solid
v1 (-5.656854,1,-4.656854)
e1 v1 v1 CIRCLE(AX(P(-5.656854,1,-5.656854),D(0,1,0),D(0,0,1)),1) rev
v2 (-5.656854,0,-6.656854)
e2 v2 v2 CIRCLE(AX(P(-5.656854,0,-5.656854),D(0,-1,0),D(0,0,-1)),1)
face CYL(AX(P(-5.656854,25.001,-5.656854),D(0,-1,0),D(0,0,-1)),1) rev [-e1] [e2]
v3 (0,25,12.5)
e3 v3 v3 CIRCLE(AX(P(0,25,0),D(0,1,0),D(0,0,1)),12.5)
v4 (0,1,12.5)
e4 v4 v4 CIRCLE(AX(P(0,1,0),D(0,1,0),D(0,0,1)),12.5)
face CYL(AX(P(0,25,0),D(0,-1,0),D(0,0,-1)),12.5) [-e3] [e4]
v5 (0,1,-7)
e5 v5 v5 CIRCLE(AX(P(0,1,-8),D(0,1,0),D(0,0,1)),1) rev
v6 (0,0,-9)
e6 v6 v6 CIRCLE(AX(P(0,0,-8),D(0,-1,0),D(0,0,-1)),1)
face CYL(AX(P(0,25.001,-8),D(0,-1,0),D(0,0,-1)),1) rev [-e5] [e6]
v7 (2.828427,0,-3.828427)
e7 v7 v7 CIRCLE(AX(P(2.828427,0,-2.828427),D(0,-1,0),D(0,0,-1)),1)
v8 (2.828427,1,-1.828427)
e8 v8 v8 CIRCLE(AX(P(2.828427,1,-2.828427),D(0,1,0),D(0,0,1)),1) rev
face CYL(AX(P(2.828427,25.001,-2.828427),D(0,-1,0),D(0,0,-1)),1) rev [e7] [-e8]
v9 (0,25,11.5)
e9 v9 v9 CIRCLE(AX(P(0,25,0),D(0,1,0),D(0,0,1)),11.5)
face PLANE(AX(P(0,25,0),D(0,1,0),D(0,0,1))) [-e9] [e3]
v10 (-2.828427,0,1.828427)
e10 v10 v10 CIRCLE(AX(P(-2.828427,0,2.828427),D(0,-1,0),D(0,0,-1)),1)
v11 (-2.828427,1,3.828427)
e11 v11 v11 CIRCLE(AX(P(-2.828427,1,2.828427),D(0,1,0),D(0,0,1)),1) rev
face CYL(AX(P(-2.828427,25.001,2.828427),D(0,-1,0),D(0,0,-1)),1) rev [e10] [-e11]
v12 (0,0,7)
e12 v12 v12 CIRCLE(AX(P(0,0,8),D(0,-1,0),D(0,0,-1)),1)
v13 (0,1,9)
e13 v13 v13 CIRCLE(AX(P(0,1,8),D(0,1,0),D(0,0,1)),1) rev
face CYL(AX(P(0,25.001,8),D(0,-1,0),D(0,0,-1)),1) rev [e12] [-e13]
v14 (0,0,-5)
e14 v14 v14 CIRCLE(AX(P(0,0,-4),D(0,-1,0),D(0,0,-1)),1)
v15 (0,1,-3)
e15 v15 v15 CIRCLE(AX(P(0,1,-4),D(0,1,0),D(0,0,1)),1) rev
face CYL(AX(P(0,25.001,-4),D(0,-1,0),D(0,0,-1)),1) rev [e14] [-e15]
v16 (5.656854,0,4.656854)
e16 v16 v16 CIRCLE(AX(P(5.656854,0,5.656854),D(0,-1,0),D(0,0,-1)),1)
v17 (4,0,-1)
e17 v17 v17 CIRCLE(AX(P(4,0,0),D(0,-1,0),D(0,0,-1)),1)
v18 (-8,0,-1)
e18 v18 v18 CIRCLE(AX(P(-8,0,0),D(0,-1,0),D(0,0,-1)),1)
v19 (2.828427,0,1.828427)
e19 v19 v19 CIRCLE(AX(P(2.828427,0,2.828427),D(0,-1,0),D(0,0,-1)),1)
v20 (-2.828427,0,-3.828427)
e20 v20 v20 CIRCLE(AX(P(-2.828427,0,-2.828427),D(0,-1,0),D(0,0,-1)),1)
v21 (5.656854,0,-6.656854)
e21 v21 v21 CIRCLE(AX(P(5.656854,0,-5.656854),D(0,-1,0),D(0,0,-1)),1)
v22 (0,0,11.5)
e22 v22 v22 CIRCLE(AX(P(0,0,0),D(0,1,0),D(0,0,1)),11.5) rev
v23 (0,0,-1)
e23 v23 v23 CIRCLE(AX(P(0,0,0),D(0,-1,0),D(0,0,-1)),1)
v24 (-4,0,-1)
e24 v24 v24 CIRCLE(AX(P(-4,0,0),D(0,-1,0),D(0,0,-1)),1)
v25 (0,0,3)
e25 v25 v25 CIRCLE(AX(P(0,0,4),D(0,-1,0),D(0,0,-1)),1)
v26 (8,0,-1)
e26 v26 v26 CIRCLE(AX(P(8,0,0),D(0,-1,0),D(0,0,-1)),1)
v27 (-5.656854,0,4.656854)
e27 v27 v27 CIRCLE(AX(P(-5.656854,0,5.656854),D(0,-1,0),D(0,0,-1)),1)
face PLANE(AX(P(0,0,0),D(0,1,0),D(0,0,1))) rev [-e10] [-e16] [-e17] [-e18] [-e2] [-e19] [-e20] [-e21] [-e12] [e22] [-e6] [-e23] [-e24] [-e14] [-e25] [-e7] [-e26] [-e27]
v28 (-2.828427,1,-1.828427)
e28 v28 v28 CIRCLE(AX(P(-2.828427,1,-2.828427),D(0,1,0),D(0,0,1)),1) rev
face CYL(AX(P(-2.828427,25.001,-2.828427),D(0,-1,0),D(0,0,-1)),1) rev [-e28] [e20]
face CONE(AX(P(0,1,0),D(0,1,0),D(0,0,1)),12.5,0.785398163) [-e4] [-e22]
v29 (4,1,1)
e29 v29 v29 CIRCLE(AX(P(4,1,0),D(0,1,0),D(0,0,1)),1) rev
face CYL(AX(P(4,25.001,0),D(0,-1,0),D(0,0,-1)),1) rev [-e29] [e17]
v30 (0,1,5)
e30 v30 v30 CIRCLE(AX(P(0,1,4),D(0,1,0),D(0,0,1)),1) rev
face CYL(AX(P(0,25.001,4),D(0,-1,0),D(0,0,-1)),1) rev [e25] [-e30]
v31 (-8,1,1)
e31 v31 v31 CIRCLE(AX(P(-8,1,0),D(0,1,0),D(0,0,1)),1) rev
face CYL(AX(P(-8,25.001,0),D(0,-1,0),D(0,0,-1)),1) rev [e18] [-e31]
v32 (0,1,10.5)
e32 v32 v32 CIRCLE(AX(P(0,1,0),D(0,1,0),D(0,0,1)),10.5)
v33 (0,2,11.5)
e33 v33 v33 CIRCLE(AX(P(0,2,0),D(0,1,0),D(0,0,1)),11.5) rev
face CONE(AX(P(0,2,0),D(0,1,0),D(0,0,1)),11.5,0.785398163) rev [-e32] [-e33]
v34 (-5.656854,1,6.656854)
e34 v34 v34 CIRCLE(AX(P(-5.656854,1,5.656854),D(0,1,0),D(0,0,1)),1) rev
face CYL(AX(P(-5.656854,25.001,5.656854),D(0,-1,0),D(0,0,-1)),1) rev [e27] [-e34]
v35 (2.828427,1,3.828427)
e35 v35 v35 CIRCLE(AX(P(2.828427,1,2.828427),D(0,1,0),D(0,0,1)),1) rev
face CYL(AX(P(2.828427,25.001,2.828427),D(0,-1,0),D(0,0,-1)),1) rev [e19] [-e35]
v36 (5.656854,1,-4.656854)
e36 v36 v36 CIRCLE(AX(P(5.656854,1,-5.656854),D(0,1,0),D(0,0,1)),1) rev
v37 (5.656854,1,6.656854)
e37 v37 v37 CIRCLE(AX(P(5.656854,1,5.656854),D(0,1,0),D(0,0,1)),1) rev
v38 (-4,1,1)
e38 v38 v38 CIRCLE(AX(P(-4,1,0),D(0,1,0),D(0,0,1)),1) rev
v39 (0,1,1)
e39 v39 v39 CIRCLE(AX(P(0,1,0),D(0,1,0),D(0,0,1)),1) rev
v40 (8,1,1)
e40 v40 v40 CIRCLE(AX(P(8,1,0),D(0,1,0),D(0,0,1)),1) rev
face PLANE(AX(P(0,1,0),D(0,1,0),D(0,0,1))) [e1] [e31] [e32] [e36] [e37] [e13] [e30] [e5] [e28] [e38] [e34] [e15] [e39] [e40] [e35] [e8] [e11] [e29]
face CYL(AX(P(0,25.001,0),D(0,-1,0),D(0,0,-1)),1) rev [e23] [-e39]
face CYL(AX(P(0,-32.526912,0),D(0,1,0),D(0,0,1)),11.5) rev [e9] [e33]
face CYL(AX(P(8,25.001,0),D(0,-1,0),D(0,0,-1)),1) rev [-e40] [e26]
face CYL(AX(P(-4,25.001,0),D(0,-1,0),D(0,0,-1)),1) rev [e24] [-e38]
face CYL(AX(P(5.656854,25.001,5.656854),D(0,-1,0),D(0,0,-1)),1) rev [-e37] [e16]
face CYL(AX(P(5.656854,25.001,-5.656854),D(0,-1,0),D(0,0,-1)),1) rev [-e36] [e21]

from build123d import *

# Parameters (mm, degrees)
SKETCH1_R           = 12.5
BOSS_EXTRUDE1_DEPTH = 25
SKETCH2_R           = 11.5
CUT_EXTRUDE1_DEPTH  = 24
CUT_EXTRUDE2_REACH  = 32.619
SKETCH3_R           = 1
CHAMFER1_SIZE       = 1


with BuildPart() as part:
    # Sketch1 → Boss-Extrude1 (new body)
    with BuildSketch(Plane(origin=(0, 0, 0), x_dir=(1, 0, 0), z_dir=(0, 1, 0))):
        with Locations(Location((0, 0, 0), (0, 0, 270))):
            Circle(SKETCH1_R)
    extrude(amount=BOSS_EXTRUDE1_DEPTH)

    # Sketch2 → Cut-Extrude1 (cut)
    with BuildSketch(Plane(origin=(0, 25, 0), x_dir=(1, 0, 0), z_dir=(0, 1, 0))):
        with Locations(Location((0, 0, 0), (0, 0, 270))):
            Circle(SKETCH2_R)
    extrude(amount=-CUT_EXTRUDE1_DEPTH, mode=Mode.SUBTRACT)

    # Sketch3 → Cut-Extrude2 (cut, up to next)
    with BuildSketch(Plane.XZ, mode=Mode.PRIVATE) as cut_extrude2_sk1:
        with Locations(Location((0, 0, 0), (0, 0, 270))):
            Circle(SKETCH3_R)
    cut_extrude2_tool1 = extrude(cut_extrude2_sk1.sketch, amount=-CUT_EXTRUDE2_REACH, mode=Mode.PRIVATE) & part.part
    # Sketch3 → Cut-Extrude2 (cut, up to next)
    with BuildSketch(Plane.XZ, mode=Mode.PRIVATE) as cut_extrude2_sk2:
        with Locations(Location((-2.828427125, 2.828427125, 0), (0, 0, 270))):
            Circle(SKETCH3_R)
    cut_extrude2_tool2 = extrude(cut_extrude2_sk2.sketch, amount=-CUT_EXTRUDE2_REACH, mode=Mode.PRIVATE) & part.part
    # Sketch3 → Cut-Extrude2 (cut, up to next)
    with BuildSketch(Plane.XZ, mode=Mode.PRIVATE) as cut_extrude2_sk3:
        with Locations(Location((-5.656854249, 5.656854249, 0), (0, 0, 270))):
            Circle(SKETCH3_R)
    cut_extrude2_tool3 = extrude(cut_extrude2_sk3.sketch, amount=-CUT_EXTRUDE2_REACH, mode=Mode.PRIVATE) & part.part
    # Sketch3 → Cut-Extrude2 (cut, up to next)
    with BuildSketch(Plane.XZ, mode=Mode.PRIVATE) as cut_extrude2_sk4:
        with Locations(Location((0, 8, 0), (0, 0, 270))):
            Circle(SKETCH3_R)
    cut_extrude2_tool4 = extrude(cut_extrude2_sk4.sketch, amount=-CUT_EXTRUDE2_REACH, mode=Mode.PRIVATE) & part.part
    # Sketch3 → Cut-Extrude2 (cut, up to next)
    with BuildSketch(Plane.XZ, mode=Mode.PRIVATE) as cut_extrude2_sk5:
        with Locations(Location((0, 4, 0), (0, 0, 270))):
            Circle(SKETCH3_R)
    cut_extrude2_tool5 = extrude(cut_extrude2_sk5.sketch, amount=-CUT_EXTRUDE2_REACH, mode=Mode.PRIVATE) & part.part
    # Sketch3 → Cut-Extrude2 (cut, up to next)
    with BuildSketch(Plane.XZ, mode=Mode.PRIVATE) as cut_extrude2_sk6:
        with Locations(Location((2.828427125, 2.828427125, 0), (0, 0, 270))):
            Circle(SKETCH3_R)
    cut_extrude2_tool6 = extrude(cut_extrude2_sk6.sketch, amount=-CUT_EXTRUDE2_REACH, mode=Mode.PRIVATE) & part.part
    # Sketch3 → Cut-Extrude2 (cut, up to next)
    with BuildSketch(Plane.XZ, mode=Mode.PRIVATE) as cut_extrude2_sk7:
        with Locations(Location((5.656854249, 5.656854249, 0), (0, 0, 270))):
            Circle(SKETCH3_R)
    cut_extrude2_tool7 = extrude(cut_extrude2_sk7.sketch, amount=-CUT_EXTRUDE2_REACH, mode=Mode.PRIVATE) & part.part
    # Sketch3 → Cut-Extrude2 (cut, up to next)
    with BuildSketch(Plane.XZ, mode=Mode.PRIVATE) as cut_extrude2_sk8:
        with Locations(Location((8, 0, 0), (0, 0, 270))):
            Circle(SKETCH3_R)
    cut_extrude2_tool8 = extrude(cut_extrude2_sk8.sketch, amount=-CUT_EXTRUDE2_REACH, mode=Mode.PRIVATE) & part.part
    # Sketch3 → Cut-Extrude2 (cut, up to next)
    with BuildSketch(Plane.XZ, mode=Mode.PRIVATE) as cut_extrude2_sk9:
        with Locations(Location((4, 0, 0), (0, 0, 270))):
            Circle(SKETCH3_R)
    cut_extrude2_tool9 = extrude(cut_extrude2_sk9.sketch, amount=-CUT_EXTRUDE2_REACH, mode=Mode.PRIVATE) & part.part
    # Sketch3 → Cut-Extrude2 (cut, up to next)
    with BuildSketch(Plane.XZ, mode=Mode.PRIVATE) as cut_extrude2_sk10:
        with Locations(Location((2.828427125, -2.828427125, 0), (0, 0, 270))):
            Circle(SKETCH3_R)
    cut_extrude2_tool10 = extrude(cut_extrude2_sk10.sketch, amount=-CUT_EXTRUDE2_REACH, mode=Mode.PRIVATE) & part.part
    # Sketch3 → Cut-Extrude2 (cut, up to next)
    with BuildSketch(Plane.XZ, mode=Mode.PRIVATE) as cut_extrude2_sk11:
        with Locations(Location((5.656854249, -5.656854249, 0), (0, 0, 270))):
            Circle(SKETCH3_R)
    cut_extrude2_tool11 = extrude(cut_extrude2_sk11.sketch, amount=-CUT_EXTRUDE2_REACH, mode=Mode.PRIVATE) & part.part
    # Sketch3 → Cut-Extrude2 (cut, up to next)
    with BuildSketch(Plane.XZ, mode=Mode.PRIVATE) as cut_extrude2_sk12:
        with Locations(Location((0, -4, 0), (0, 0, 270))):
            Circle(SKETCH3_R)
    cut_extrude2_tool12 = extrude(cut_extrude2_sk12.sketch, amount=-CUT_EXTRUDE2_REACH, mode=Mode.PRIVATE) & part.part
    # Sketch3 → Cut-Extrude2 (cut, up to next)
    with BuildSketch(Plane.XZ, mode=Mode.PRIVATE) as cut_extrude2_sk13:
        with Locations(Location((-2.828427125, -2.828427125, 0), (0, 0, 270))):
            Circle(SKETCH3_R)
    cut_extrude2_tool13 = extrude(cut_extrude2_sk13.sketch, amount=-CUT_EXTRUDE2_REACH, mode=Mode.PRIVATE) & part.part
    # Sketch3 → Cut-Extrude2 (cut, up to next)
    with BuildSketch(Plane.XZ, mode=Mode.PRIVATE) as cut_extrude2_sk14:
        with Locations(Location((-4, 0, 0), (0, 0, 270))):
            Circle(SKETCH3_R)
    cut_extrude2_tool14 = extrude(cut_extrude2_sk14.sketch, amount=-CUT_EXTRUDE2_REACH, mode=Mode.PRIVATE) & part.part
    # Sketch3 → Cut-Extrude2 (cut, up to next)
    with BuildSketch(Plane.XZ, mode=Mode.PRIVATE) as cut_extrude2_sk15:
        with Locations(Location((-8, 0, 0), (0, 0, 270))):
            Circle(SKETCH3_R)
    cut_extrude2_tool15 = extrude(cut_extrude2_sk15.sketch, amount=-CUT_EXTRUDE2_REACH, mode=Mode.PRIVATE) & part.part
    # Sketch3 → Cut-Extrude2 (cut, up to next)
    with BuildSketch(Plane.XZ, mode=Mode.PRIVATE) as cut_extrude2_sk16:
        with Locations(Location((-5.656854249, -5.656854249, 0), (0, 0, 270))):
            Circle(SKETCH3_R)
    cut_extrude2_tool16 = extrude(cut_extrude2_sk16.sketch, amount=-CUT_EXTRUDE2_REACH, mode=Mode.PRIVATE) & part.part
    # Sketch3 → Cut-Extrude2 (cut, up to next)
    with BuildSketch(Plane.XZ, mode=Mode.PRIVATE) as cut_extrude2_sk17:
        with Locations(Location((0, -8, 0), (0, 0, 270))):
            Circle(SKETCH3_R)
    cut_extrude2_tool17 = extrude(cut_extrude2_sk17.sketch, amount=-CUT_EXTRUDE2_REACH, mode=Mode.PRIVATE) & part.part
    add(cut_extrude2_tool1.solids().sort_by_distance((0, 0, 0))[0], mode=Mode.SUBTRACT)
    add(cut_extrude2_tool2.solids().sort_by_distance((-2.828427, 0, 2.828427))[0], mode=Mode.SUBTRACT)
    add(cut_extrude2_tool3.solids().sort_by_distance((-5.656854, 0, 5.656854))[0], mode=Mode.SUBTRACT)
    add(cut_extrude2_tool4.solids().sort_by_distance((0, 0, 8))[0], mode=Mode.SUBTRACT)
    add(cut_extrude2_tool5.solids().sort_by_distance((0, 0, 4))[0], mode=Mode.SUBTRACT)
    add(cut_extrude2_tool6.solids().sort_by_distance((2.828427, 0, 2.828427))[0], mode=Mode.SUBTRACT)
    add(cut_extrude2_tool7.solids().sort_by_distance((5.656854, 0, 5.656854))[0], mode=Mode.SUBTRACT)
    add(cut_extrude2_tool8.solids().sort_by_distance((8, 0, 0))[0], mode=Mode.SUBTRACT)
    add(cut_extrude2_tool9.solids().sort_by_distance((4, 0, 0))[0], mode=Mode.SUBTRACT)
    add(cut_extrude2_tool10.solids().sort_by_distance((2.828427, 0, -2.828427))[0], mode=Mode.SUBTRACT)
    add(cut_extrude2_tool11.solids().sort_by_distance((5.656854, 0, -5.656854))[0], mode=Mode.SUBTRACT)
    add(cut_extrude2_tool12.solids().sort_by_distance((0, 0, -4))[0], mode=Mode.SUBTRACT)
    add(cut_extrude2_tool13.solids().sort_by_distance((-2.828427, 0, -2.828427))[0], mode=Mode.SUBTRACT)
    add(cut_extrude2_tool14.solids().sort_by_distance((-4, 0, 0))[0], mode=Mode.SUBTRACT)
    add(cut_extrude2_tool15.solids().sort_by_distance((-8, 0, 0))[0], mode=Mode.SUBTRACT)
    add(cut_extrude2_tool16.solids().sort_by_distance((-5.656854, 0, -5.656854))[0], mode=Mode.SUBTRACT)
    add(cut_extrude2_tool17.solids().sort_by_distance((0, 0, -8))[0], mode=Mode.SUBTRACT)

    # Chamfer1
    chamfer1_edges = [part.edges().sort_by_distance(p)[0] for p in [
        (0, 0, -12.5),
        (0, 1, -11.5),
    ]]
    chamfer(chamfer1_edges, length=CHAMFER1_SIZE)


solid = part.part
